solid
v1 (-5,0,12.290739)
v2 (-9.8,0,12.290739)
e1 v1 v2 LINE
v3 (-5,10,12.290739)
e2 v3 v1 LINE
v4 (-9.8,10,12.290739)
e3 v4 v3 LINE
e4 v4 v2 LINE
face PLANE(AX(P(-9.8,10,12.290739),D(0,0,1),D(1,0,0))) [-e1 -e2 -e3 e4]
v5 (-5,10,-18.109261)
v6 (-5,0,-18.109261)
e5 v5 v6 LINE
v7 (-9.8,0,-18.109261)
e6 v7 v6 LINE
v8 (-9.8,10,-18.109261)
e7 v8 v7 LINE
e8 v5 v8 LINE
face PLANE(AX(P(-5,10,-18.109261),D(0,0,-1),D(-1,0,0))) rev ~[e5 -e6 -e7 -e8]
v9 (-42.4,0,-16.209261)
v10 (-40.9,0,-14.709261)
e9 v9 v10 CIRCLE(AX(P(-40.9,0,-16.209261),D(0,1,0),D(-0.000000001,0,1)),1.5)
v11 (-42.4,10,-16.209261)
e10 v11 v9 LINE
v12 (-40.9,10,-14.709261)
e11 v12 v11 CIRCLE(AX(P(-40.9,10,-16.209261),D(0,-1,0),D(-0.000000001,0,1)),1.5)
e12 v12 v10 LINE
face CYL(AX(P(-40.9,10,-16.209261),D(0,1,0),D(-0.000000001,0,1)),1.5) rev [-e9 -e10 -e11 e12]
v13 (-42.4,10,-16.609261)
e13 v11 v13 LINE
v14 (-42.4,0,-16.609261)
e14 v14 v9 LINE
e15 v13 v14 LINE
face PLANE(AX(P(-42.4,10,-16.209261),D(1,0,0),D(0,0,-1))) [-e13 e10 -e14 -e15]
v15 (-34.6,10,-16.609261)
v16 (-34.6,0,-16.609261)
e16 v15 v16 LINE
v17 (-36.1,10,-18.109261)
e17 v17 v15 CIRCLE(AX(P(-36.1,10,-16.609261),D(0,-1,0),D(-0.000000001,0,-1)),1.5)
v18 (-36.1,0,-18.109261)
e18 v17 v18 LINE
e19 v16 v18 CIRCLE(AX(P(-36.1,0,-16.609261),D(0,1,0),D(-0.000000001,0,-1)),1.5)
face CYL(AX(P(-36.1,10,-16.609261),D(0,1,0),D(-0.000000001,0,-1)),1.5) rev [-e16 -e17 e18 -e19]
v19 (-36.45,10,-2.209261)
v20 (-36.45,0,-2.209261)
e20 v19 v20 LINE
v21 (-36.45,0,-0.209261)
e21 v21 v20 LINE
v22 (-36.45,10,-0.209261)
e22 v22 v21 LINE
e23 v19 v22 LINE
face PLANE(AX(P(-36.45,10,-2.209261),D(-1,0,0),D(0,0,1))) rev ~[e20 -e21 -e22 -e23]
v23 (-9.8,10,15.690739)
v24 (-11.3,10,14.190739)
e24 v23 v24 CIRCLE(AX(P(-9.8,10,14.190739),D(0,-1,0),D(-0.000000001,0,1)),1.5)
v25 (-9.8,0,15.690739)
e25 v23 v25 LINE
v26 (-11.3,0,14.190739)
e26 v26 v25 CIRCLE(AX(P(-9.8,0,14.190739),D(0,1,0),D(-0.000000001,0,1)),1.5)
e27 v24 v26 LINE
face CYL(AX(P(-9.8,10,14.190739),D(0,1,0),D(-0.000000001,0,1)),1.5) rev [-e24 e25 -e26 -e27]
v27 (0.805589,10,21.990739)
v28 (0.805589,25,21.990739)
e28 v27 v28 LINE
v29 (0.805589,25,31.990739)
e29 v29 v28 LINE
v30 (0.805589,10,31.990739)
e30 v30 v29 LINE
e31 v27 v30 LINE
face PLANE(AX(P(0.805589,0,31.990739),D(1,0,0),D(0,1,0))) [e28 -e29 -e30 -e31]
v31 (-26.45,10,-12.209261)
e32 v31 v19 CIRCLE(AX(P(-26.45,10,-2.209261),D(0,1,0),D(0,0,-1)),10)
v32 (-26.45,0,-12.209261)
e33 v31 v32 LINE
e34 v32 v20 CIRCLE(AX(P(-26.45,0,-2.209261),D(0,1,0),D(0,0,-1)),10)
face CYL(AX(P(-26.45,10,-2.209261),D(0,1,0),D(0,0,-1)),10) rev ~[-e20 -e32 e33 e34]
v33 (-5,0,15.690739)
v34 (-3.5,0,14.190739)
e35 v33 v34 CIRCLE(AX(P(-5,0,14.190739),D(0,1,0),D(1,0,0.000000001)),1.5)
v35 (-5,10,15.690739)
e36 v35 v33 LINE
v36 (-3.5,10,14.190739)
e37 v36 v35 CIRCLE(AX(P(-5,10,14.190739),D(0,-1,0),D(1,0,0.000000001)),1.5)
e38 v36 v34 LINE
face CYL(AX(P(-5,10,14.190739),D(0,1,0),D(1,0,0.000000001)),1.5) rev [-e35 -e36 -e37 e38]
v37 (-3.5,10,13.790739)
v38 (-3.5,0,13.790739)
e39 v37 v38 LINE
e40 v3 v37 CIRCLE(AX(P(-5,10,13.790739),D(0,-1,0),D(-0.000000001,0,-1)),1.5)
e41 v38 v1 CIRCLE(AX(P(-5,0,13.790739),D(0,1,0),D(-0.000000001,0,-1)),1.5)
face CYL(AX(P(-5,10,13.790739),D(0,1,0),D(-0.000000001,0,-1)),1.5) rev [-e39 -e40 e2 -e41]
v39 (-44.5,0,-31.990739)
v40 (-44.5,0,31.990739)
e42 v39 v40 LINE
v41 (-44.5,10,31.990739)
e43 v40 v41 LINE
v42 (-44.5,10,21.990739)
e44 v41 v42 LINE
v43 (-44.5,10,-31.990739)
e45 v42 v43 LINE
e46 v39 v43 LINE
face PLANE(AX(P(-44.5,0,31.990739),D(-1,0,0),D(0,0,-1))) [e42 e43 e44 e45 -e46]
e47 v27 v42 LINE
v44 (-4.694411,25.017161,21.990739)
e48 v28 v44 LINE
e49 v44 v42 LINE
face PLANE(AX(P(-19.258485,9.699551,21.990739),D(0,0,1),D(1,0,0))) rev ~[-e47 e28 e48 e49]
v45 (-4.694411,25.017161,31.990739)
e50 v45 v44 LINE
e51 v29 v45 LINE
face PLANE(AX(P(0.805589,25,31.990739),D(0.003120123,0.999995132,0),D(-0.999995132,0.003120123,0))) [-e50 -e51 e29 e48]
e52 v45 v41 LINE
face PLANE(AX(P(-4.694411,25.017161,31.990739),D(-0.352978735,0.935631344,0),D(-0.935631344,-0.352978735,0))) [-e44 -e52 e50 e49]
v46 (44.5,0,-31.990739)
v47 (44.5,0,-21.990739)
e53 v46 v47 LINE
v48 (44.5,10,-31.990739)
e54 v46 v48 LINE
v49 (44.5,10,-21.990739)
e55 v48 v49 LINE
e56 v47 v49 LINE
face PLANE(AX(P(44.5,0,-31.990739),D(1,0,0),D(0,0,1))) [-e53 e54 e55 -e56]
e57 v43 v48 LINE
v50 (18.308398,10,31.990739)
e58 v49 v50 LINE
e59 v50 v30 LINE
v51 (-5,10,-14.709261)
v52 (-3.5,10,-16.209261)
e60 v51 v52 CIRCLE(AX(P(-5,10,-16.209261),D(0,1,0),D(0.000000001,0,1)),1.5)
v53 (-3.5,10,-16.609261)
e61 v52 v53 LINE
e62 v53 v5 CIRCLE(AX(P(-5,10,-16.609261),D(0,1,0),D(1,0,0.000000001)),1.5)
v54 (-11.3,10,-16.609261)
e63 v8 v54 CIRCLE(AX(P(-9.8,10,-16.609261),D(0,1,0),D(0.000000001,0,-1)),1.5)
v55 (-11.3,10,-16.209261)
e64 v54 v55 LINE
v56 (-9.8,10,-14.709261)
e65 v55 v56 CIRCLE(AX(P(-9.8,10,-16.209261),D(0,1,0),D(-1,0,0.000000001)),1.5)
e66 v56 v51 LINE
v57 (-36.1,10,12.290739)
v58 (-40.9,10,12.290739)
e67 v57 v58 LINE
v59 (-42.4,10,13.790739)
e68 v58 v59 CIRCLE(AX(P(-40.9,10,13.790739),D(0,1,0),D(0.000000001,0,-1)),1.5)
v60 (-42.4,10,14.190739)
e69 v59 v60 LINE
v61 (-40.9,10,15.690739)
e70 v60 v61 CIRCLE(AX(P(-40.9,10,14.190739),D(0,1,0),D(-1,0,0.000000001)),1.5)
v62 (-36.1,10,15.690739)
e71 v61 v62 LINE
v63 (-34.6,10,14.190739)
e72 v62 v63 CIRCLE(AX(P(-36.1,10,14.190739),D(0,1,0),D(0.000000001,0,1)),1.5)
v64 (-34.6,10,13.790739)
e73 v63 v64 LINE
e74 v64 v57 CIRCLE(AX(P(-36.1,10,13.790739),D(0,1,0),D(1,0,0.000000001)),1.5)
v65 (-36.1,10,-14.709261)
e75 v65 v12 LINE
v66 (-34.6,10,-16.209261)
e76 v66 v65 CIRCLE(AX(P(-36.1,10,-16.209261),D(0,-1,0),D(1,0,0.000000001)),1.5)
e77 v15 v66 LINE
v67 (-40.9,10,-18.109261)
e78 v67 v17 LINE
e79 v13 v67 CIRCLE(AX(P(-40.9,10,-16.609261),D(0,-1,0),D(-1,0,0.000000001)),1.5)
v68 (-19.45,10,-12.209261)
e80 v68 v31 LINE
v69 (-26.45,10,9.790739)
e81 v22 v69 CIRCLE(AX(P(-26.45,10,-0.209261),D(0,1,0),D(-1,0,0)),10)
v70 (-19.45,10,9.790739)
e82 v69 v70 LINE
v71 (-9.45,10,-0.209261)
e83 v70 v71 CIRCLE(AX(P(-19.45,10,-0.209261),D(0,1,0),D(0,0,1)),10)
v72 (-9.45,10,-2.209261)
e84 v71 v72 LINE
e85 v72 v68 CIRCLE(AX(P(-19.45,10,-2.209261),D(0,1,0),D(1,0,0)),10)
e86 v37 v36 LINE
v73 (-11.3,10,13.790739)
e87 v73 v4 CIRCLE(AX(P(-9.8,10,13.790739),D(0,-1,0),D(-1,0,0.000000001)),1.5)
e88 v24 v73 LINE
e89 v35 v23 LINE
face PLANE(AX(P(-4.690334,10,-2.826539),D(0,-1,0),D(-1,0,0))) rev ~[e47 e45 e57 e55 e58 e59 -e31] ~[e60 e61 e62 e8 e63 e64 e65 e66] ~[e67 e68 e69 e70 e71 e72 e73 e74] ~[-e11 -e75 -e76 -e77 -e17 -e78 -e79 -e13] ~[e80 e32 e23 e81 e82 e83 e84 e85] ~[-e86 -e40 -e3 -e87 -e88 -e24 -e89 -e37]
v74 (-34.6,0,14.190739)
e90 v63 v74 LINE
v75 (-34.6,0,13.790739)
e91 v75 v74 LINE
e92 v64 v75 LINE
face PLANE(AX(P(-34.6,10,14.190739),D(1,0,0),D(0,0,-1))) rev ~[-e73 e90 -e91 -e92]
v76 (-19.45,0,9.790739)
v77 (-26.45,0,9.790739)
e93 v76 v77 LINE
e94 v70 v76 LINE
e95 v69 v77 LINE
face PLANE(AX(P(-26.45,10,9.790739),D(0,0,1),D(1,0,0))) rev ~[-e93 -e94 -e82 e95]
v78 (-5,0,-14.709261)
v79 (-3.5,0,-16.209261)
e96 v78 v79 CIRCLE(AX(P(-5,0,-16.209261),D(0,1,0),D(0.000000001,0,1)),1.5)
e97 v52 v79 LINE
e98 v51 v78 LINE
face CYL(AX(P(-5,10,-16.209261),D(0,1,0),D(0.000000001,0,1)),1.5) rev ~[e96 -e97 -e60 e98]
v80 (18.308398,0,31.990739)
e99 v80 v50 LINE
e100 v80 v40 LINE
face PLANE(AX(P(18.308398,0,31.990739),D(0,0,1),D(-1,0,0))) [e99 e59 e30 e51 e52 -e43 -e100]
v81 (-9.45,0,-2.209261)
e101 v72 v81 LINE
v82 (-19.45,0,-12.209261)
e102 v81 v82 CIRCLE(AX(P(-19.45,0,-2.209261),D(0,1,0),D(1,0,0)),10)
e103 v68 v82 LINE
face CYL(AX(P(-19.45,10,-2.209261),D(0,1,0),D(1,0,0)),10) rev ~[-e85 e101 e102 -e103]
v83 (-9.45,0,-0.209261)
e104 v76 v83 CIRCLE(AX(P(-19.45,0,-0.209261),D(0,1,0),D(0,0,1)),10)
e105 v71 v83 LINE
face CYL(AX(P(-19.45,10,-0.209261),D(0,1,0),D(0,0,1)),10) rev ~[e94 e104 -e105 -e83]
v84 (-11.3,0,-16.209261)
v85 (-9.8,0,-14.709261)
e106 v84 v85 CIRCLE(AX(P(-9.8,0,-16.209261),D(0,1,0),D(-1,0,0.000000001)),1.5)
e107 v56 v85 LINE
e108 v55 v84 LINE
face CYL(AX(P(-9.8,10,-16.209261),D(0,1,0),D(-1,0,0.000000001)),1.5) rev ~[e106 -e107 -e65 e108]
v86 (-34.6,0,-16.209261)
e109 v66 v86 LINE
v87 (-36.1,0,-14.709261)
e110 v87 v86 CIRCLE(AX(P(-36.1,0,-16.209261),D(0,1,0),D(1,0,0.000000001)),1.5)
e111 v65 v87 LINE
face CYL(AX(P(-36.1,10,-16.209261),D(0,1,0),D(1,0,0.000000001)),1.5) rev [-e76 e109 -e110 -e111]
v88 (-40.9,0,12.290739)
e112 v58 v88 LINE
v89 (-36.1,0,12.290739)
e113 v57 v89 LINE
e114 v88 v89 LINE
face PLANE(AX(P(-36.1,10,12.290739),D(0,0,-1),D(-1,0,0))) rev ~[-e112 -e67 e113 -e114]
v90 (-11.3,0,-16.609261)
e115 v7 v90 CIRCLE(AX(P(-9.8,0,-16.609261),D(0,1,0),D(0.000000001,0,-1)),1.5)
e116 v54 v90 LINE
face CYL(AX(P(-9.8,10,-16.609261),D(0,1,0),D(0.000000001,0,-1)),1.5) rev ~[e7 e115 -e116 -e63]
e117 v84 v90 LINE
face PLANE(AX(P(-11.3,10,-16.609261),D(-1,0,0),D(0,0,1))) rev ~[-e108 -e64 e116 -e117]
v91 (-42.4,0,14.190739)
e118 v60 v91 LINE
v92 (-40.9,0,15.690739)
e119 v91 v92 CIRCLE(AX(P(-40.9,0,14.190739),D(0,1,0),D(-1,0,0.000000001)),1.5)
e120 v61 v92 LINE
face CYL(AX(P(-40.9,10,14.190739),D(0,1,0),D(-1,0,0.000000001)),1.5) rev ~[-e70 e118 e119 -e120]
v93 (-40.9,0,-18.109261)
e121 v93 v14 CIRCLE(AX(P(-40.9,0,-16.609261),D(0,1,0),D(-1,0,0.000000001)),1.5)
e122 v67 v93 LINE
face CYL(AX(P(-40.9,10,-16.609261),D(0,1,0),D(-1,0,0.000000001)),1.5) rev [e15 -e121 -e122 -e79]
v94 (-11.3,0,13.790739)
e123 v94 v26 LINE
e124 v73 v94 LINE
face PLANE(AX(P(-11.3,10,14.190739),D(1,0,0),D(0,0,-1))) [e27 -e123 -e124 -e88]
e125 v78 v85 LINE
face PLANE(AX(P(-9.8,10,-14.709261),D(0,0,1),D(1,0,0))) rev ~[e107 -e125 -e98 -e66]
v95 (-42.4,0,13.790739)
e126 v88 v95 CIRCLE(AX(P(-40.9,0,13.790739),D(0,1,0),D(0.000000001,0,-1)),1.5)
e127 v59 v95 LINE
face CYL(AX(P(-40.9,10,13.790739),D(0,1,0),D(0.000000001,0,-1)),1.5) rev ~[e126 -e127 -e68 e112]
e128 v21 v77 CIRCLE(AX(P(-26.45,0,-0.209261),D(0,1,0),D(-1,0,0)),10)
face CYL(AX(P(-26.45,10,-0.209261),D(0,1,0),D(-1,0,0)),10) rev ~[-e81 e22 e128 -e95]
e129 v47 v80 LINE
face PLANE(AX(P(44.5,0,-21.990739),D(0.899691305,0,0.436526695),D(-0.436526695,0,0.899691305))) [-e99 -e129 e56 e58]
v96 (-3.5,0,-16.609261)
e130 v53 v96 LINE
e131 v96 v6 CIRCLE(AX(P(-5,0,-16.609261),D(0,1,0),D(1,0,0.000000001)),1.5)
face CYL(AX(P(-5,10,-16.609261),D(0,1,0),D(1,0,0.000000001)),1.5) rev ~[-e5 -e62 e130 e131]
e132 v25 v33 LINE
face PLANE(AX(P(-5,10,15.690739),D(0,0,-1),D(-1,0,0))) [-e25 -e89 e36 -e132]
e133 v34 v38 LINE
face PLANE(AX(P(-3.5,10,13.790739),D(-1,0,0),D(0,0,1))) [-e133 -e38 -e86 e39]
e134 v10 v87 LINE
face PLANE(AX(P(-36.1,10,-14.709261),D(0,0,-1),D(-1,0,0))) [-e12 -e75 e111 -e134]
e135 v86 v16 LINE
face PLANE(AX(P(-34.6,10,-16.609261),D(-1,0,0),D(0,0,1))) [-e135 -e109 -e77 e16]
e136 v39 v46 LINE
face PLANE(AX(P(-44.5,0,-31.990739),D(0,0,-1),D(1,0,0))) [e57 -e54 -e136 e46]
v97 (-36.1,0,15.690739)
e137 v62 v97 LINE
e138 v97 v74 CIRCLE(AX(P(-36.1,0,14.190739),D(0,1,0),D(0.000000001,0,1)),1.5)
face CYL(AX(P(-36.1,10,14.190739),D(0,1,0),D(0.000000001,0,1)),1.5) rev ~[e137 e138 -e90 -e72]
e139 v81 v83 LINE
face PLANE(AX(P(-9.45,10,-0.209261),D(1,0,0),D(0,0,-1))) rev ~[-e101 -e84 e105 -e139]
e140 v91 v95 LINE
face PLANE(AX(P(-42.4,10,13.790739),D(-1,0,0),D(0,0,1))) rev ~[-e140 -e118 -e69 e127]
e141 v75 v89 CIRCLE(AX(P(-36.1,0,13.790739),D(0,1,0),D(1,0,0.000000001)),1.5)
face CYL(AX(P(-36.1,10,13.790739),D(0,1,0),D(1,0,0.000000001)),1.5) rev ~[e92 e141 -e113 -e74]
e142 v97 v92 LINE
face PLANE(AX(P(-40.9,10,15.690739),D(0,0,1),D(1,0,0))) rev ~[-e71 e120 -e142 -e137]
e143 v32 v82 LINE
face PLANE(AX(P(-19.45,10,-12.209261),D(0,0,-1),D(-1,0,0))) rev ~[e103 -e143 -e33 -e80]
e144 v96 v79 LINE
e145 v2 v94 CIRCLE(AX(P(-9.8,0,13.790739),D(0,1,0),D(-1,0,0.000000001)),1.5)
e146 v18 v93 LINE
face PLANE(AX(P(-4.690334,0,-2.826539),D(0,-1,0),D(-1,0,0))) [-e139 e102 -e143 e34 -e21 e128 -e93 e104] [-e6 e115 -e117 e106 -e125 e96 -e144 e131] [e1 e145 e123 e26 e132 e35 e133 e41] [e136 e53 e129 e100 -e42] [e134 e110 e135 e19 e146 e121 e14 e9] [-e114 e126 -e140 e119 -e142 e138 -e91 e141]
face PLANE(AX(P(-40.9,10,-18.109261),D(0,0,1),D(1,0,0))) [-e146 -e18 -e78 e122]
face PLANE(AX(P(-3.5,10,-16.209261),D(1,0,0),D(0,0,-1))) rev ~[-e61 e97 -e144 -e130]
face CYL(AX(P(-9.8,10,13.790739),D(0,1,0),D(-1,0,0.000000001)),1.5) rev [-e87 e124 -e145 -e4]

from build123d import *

# Parameters (mm, degrees)
EXTRUDE_1_DEPTH     = 10
EXTRUDE_2_DEPTH     = 10
CUT_EXTRUDE_1_DEPTH = 57.825808474
CUT_EXTRUDE_2_DEPTH = 57.825808474


with BuildPart() as part:
    # Эскиз2 → Бобышка-Вытянуть1 (new body)
    with BuildSketch(Plane(origin=(0, 0, 0), x_dir=(1, 0, 0), z_dir=(0, 1, 0))):
        Polygon((-44.5, 31.990739153), (44.5, 31.990739153), (44.5, 21.990739153), (18.308398293, -31.990739153), (-44.5, -31.990739153), align=None)
    extrude(amount=EXTRUDE_1_DEPTH)

    # Эскиз3 → Бобышка-Вытянуть2 (add)
    with BuildSketch(Plane.XY.offset(31.990739153)):
        Polygon((-44.5, 0), (0.805588587, 0), (0.805588587, 25), (-4.694411413, 25.017160758), (-44.5, 10), align=None)
    extrude(amount=-EXTRUDE_2_DEPTH)

    # Эскиз4 → Вырез-Вытянуть1 (cut, through all)
    with BuildSketch(Plane(origin=(0, 10, 0), x_dir=(1, 0, 0), z_dir=(0, 1, 0))):
        with BuildLine():
            Line((-40.9, -15.690739153), (-36.1, -15.690739153))
            ThreePointArc((-36.1, -15.690739153), (-35.039339828, -15.251399324), (-34.6, -14.190739153))
            Line((-34.6, -14.190739153), (-34.6, -13.790739153))
            ThreePointArc((-34.6, -13.790739153), (-35.039339828, -12.730078981), (-36.1, -12.290739153))
            Line((-36.1, -12.290739153), (-40.9, -12.290739153))
            ThreePointArc((-40.9, -12.290739153), (-41.960660172, -12.730078981), (-42.4, -13.790739153))
            Line((-42.4, -13.790739153), (-42.4, -14.190739153))
            ThreePointArc((-42.4, -14.190739153), (-41.960660172, -15.251399324), (-40.9, -15.690739153))
        make_face()
        with BuildLine():
            Line((-34.6, 16.609260847), (-34.6, 16.209260847))
            ThreePointArc((-34.6, 16.209260847), (-35.039339828, 15.148600676), (-36.1, 14.709260847))
            Line((-36.1, 14.709260847), (-40.9, 14.709260847))
            ThreePointArc((-40.9, 14.709260847), (-41.960660172, 15.148600676), (-42.4, 16.209260847))
            Line((-42.4, 16.209260847), (-42.4, 16.609260847))
            ThreePointArc((-42.4, 16.609260847), (-41.960660172, 17.669921019), (-40.9, 18.109260847))
            Line((-40.9, 18.109260847), (-36.1, 18.109260847))
            ThreePointArc((-36.1, 18.109260847), (-35.039339828, 17.669921019), (-34.6, 16.609260847))
        make_face()
        with BuildLine():
            Line((-11.3, -14.190739153), (-11.3, -13.790739153))
            ThreePointArc((-11.3, -13.790739153), (-10.860660172, -12.730078981), (-9.8, -12.290739153))
            Line((-9.8, -12.290739153), (-5, -12.290739153))
            ThreePointArc((-5, -12.290739153), (-3.939339828, -12.730078981), (-3.5, -13.790739153))
            Line((-3.5, -13.790739153), (-3.5, -14.190739153))
            ThreePointArc((-3.5, -14.190739153), (-3.939339828, -15.251399324), (-5, -15.690739153))
            Line((-5, -15.690739153), (-9.8, -15.690739153))
            ThreePointArc((-9.8, -15.690739153), (-10.860660172, -15.251399324), (-11.3, -14.190739153))
        make_face()
        with BuildLine():
            Line((-11.3, 16.609260847), (-11.3, 16.209260847))
            ThreePointArc((-11.3, 16.209260847), (-10.860660172, 15.148600676), (-9.8, 14.709260847))
            Line((-9.8, 14.709260847), (-5, 14.709260847))
            ThreePointArc((-5, 14.709260847), (-3.939339828, 15.148600676), (-3.5, 16.209260847))
            Line((-3.5, 16.209260847), (-3.5, 16.609260847))
            ThreePointArc((-3.5, 16.609260847), (-3.939339828, 17.669921019), (-5, 18.109260847))
            Line((-5, 18.109260847), (-9.8, 18.109260847))
            ThreePointArc((-9.8, 18.109260847), (-10.860660172, 17.669921019), (-11.3, 16.609260847))
        make_face()
    extrude(amount=-CUT_EXTRUDE_1_DEPTH, mode=Mode.SUBTRACT)

    # Эскиз5 → Вырез-Вытянуть2 (cut, through all)
    with BuildSketch(Plane(origin=(0, 10, 0), x_dir=(1, 0, 0), z_dir=(0, 1, 0))):
        with BuildLine():
            Line((-19.45, 12.209260847), (-26.45, 12.209260847))
            ThreePointArc((-26.45, 12.209260847), (-33.521067812, 9.280328659), (-36.45, 2.209260847))
            Line((-36.45, 2.209260847), (-36.45, 0.209260847))
            ThreePointArc((-36.45, 0.209260847), (-33.521067812, -6.861806964), (-26.45, -9.790739153))
            Line((-26.45, -9.790739153), (-19.45, -9.790739153))
            ThreePointArc((-19.45, -9.790739153), (-12.378932188, -6.861806964), (-9.45, 0.209260847))
            Line((-9.45, 0.209260847), (-9.45, 2.209260847))
            ThreePointArc((-9.45, 2.209260847), (-12.378932188, 9.280328659), (-19.45, 12.209260847))
        make_face()
    extrude(amount=-CUT_EXTRUDE_2_DEPTH, mode=Mode.SUBTRACT)


solid = part.part
